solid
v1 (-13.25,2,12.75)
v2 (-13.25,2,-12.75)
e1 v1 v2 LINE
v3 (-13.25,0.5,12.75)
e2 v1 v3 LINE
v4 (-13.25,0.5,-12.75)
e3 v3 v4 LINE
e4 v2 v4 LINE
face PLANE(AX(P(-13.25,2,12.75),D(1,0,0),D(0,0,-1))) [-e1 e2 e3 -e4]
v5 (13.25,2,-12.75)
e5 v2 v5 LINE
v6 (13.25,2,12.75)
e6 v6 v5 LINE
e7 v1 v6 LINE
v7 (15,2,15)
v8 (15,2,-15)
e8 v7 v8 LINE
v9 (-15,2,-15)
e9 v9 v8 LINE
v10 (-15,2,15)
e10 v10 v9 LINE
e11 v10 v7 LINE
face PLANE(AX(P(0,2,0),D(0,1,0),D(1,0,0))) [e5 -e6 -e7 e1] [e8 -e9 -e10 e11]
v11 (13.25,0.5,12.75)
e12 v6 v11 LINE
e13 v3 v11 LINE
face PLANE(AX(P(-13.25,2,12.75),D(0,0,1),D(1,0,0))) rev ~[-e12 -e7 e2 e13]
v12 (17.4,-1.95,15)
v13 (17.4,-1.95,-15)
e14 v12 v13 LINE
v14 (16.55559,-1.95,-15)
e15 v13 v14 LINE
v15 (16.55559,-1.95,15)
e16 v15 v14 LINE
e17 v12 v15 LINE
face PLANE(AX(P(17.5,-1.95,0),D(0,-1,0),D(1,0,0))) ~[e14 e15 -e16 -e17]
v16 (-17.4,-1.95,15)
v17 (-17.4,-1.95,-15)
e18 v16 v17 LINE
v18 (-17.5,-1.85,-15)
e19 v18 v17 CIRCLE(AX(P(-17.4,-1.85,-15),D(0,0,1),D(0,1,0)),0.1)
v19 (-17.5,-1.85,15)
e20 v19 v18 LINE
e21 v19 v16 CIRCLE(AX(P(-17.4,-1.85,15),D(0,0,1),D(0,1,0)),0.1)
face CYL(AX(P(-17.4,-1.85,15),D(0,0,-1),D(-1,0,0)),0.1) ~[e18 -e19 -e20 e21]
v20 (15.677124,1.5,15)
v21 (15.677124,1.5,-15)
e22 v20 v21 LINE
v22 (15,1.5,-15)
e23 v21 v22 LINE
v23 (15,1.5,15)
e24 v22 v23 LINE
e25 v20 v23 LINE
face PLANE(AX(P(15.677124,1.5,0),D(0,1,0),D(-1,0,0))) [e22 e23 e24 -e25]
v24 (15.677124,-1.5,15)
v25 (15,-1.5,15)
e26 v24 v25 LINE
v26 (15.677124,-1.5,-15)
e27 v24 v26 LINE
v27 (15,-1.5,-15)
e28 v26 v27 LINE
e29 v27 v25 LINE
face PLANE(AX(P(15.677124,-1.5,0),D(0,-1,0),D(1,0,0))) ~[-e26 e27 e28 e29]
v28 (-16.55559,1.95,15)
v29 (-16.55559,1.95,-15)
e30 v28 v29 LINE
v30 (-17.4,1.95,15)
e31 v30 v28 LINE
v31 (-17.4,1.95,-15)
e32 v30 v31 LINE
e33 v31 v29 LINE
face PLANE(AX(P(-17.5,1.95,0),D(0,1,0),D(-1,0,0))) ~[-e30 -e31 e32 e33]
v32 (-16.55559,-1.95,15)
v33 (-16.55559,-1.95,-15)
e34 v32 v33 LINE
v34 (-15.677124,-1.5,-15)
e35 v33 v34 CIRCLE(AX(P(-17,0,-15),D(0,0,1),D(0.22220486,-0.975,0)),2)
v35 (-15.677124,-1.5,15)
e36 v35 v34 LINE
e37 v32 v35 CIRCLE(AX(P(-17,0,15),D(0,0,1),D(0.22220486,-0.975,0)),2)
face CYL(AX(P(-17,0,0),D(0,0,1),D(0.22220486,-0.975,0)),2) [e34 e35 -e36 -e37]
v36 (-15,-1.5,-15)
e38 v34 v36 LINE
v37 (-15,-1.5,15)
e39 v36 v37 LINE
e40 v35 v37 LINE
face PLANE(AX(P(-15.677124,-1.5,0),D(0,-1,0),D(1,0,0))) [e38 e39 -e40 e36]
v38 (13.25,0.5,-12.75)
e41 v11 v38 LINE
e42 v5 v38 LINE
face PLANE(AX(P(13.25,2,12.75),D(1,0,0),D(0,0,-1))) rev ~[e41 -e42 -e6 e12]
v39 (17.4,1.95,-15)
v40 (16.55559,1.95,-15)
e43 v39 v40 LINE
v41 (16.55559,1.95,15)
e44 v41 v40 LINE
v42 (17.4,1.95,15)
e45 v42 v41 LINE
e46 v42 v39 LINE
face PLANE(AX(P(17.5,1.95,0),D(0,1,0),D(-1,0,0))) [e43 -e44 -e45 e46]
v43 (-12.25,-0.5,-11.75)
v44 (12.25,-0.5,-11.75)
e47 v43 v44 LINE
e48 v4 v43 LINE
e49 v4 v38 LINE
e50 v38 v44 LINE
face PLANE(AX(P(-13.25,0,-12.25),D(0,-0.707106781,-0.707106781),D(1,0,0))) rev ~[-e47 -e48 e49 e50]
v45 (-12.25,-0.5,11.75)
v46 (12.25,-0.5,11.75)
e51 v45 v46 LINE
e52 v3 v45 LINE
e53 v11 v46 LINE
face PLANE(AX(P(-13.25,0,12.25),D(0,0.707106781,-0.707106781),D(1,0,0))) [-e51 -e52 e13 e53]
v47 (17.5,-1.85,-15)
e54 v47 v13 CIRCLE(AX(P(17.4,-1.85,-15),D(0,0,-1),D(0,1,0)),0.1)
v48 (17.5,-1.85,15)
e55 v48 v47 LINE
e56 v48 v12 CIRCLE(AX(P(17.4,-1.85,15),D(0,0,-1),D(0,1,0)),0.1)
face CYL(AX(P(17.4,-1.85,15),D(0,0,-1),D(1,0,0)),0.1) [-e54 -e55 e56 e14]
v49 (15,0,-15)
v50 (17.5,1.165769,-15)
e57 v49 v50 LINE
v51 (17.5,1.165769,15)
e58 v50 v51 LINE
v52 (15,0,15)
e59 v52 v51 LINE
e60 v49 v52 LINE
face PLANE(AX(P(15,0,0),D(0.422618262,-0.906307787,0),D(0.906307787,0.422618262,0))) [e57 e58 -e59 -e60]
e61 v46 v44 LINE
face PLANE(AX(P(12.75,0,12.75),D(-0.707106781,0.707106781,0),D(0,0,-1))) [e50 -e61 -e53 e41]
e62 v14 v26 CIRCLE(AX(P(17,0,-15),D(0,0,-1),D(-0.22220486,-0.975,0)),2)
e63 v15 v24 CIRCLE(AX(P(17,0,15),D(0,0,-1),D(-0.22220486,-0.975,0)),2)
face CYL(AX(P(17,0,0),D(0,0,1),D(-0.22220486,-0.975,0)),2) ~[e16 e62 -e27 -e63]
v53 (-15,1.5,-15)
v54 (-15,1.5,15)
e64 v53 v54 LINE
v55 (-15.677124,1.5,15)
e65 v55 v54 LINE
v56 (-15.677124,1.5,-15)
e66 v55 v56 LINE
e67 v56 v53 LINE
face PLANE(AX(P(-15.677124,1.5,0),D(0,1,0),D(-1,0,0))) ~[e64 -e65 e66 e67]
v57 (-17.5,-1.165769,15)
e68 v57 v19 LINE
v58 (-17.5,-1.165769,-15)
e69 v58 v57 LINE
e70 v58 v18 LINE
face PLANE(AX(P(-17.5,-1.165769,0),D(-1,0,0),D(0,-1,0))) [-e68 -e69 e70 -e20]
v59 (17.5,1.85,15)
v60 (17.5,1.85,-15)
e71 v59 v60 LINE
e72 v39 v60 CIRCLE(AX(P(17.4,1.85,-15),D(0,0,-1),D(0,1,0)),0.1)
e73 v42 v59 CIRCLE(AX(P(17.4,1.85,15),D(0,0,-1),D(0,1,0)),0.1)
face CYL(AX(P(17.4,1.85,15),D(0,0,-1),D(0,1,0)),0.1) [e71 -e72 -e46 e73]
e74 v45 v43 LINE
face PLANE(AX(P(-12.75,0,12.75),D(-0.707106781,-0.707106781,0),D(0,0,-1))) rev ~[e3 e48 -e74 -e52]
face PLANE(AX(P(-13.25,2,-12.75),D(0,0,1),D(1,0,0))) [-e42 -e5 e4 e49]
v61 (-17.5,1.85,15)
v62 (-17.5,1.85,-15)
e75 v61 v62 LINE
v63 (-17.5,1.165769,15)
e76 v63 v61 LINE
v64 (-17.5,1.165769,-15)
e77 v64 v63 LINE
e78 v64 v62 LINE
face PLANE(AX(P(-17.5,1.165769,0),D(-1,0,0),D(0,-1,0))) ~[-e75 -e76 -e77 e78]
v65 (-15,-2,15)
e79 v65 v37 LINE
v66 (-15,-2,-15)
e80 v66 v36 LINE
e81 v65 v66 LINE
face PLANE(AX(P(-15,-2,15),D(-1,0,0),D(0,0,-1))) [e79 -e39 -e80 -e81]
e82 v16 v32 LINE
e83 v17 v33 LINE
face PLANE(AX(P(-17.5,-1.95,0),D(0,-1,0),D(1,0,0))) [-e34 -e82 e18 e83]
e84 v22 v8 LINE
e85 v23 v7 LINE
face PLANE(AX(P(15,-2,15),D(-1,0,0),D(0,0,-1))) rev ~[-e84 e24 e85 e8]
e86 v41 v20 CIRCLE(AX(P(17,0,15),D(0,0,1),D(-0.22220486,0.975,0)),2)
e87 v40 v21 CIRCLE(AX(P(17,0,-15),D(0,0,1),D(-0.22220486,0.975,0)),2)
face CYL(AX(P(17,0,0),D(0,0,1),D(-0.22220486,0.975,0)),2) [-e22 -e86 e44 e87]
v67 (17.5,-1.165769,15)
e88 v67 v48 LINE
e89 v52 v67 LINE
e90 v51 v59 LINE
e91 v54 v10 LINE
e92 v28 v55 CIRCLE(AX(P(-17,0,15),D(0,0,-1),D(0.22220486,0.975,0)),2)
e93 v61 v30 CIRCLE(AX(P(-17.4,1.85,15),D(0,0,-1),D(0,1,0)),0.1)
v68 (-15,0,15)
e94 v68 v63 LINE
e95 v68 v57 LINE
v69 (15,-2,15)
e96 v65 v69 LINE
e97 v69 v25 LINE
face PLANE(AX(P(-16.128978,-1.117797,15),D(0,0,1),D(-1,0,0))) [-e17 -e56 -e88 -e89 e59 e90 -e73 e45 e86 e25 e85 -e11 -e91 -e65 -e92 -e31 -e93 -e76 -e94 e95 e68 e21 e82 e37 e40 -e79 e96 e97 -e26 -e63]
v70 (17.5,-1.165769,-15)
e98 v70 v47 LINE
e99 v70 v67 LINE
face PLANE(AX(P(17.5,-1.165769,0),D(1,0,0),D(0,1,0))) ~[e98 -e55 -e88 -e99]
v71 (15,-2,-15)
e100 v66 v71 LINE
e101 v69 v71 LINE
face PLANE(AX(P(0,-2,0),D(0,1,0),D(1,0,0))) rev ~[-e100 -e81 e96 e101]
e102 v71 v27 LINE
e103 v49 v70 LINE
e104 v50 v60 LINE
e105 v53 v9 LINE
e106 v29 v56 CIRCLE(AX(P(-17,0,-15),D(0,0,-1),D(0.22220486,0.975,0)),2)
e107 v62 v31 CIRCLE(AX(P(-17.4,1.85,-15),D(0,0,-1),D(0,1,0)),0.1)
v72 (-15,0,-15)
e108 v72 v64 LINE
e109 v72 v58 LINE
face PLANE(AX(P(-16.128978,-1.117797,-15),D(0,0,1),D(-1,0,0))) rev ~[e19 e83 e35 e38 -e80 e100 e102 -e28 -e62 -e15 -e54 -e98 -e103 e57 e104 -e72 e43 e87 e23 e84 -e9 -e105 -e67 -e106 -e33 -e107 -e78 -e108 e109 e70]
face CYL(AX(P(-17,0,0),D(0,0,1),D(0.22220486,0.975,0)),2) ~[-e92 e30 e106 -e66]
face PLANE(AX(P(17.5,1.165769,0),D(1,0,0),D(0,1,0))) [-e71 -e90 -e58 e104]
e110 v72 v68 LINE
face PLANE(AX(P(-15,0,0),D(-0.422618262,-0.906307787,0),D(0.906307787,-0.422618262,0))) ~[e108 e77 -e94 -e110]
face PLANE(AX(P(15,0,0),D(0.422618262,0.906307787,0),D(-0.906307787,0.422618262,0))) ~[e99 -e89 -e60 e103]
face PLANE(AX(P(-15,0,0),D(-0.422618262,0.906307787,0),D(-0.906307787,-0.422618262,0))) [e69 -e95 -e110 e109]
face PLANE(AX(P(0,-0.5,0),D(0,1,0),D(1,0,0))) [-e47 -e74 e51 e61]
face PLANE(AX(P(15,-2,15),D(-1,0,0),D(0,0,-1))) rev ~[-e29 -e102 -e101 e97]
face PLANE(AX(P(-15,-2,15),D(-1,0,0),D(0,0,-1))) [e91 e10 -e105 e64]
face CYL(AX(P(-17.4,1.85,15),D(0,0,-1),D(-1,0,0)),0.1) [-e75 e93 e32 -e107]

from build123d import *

# Parameters (mm, degrees)
EXTRUDE_1_DEPTH       = 2
EXTRUDE_1_DEPTH_BACK  = 2
SKETCH_1_W            = 30
SKETCH_1_H            = 30
SKETCH_2_W            = 26.5
SKETCH_2_H            = 25.5
CUT_EXTRUDE_1_DEPTH   = 2.5
CHAMFER_1_SIZE        = 1
EXTRUDE_2_DEPTH       = 15
MIRROR_2_COPY_1_DEPTH = 15
FILLET_1_R            = 0.1


with BuildPart() as part:
    # 草图1 → 凸台-拉伸1 (new, two sides: drawn at the far end of the back side and taken through both)
    with BuildSketch(Plane(origin=(0, 0, 0), x_dir=(1, 0, 0), z_dir=(0, 1, 0)).offset(-EXTRUDE_1_DEPTH_BACK)):
        Rectangle(SKETCH_1_W, SKETCH_1_H)
    extrude(amount=EXTRUDE_1_DEPTH + EXTRUDE_1_DEPTH_BACK)

    # 草图2 → 切除-拉伸1 (cut)
    with BuildSketch(Plane(origin=(0, 2, 0), x_dir=(1, 0, 0), z_dir=(0, 1, 0))):
        Rectangle(SKETCH_2_W, SKETCH_2_H)
    extrude(amount=-CUT_EXTRUDE_1_DEPTH, mode=Mode.SUBTRACT)

    # 倒角1
    chamfer_1_edges = [part.edges().sort_by_distance(p)[0] for p in [
        (0, -0.5, -12.75),
        (13.25, -0.5, 0),
        (0, -0.5, 12.75),
        (-13.25, -0.5, 0),
    ]]
    chamfer(chamfer_1_edges, length=CHAMFER_1_SIZE)

    # 草图3 → 凸台-拉伸2 (add, symmetric)
    with BuildSketch(Plane.XY):
        with BuildLine():
            Line((15.677124344, 1.5), (15, 1.5))
            Line((15, 1.5), (15, 0))
            Line((15, 0), (17.5, 1.165769145))
            Line((17.5, 1.165769145), (17.5, 1.95))
            Line((17.5, 1.95), (16.555590279, 1.95))
            ThreePointArc((16.555590279, 1.95), (16.088161527, 1.780042303), (15.677124344, 1.5))
        make_face()
    extrude_2 = extrude(amount=EXTRUDE_2_DEPTH, both=True)

    # 镜向1: 凸台-拉伸2 across plane
    add(extrude_2.mirror(Plane.ZX))

    # 镜向2: 凸台-拉伸2 across plane
    add(extrude_2.mirror(Plane(origin=(0, 0, 0), x_dir=(0, 0, 1), z_dir=(1, 0, 0))))

    # 镜向2 copy 1 sketch → 镜向2 copy 1 (add, symmetric)
    with BuildSketch(Plane(origin=(0, 0, 0), x_dir=(-1, 0, 0), z_dir=(0, 0, 1))):
        with BuildLine():
            Line((15.677124344, 1.5), (15, 1.5))
            Line((15, 1.5), (15, 0))
            Line((15, 0), (17.5, 1.165769145))
            Line((17.5, 1.165769145), (17.5, 1.95))
            Line((17.5, 1.95), (16.555590279, 1.95))
            ThreePointArc((16.555590279, 1.95), (16.088161527, 1.780042303), (15.677124344, 1.5))
        make_face()
    extrude(amount=MIRROR_2_COPY_1_DEPTH, both=True)

    # 圆角1
    fillet_1_edges = [part.edges().sort_by_distance(p)[0] for p in [
        (-17.5, -1.95, 0),
        (17.5, 1.95, 0),
        (17.5, -1.95, 0),
        (-17.5, 1.95, 0),
    ]]
    fillet(fillet_1_edges, radius=FILLET_1_R)


solid = part.part
